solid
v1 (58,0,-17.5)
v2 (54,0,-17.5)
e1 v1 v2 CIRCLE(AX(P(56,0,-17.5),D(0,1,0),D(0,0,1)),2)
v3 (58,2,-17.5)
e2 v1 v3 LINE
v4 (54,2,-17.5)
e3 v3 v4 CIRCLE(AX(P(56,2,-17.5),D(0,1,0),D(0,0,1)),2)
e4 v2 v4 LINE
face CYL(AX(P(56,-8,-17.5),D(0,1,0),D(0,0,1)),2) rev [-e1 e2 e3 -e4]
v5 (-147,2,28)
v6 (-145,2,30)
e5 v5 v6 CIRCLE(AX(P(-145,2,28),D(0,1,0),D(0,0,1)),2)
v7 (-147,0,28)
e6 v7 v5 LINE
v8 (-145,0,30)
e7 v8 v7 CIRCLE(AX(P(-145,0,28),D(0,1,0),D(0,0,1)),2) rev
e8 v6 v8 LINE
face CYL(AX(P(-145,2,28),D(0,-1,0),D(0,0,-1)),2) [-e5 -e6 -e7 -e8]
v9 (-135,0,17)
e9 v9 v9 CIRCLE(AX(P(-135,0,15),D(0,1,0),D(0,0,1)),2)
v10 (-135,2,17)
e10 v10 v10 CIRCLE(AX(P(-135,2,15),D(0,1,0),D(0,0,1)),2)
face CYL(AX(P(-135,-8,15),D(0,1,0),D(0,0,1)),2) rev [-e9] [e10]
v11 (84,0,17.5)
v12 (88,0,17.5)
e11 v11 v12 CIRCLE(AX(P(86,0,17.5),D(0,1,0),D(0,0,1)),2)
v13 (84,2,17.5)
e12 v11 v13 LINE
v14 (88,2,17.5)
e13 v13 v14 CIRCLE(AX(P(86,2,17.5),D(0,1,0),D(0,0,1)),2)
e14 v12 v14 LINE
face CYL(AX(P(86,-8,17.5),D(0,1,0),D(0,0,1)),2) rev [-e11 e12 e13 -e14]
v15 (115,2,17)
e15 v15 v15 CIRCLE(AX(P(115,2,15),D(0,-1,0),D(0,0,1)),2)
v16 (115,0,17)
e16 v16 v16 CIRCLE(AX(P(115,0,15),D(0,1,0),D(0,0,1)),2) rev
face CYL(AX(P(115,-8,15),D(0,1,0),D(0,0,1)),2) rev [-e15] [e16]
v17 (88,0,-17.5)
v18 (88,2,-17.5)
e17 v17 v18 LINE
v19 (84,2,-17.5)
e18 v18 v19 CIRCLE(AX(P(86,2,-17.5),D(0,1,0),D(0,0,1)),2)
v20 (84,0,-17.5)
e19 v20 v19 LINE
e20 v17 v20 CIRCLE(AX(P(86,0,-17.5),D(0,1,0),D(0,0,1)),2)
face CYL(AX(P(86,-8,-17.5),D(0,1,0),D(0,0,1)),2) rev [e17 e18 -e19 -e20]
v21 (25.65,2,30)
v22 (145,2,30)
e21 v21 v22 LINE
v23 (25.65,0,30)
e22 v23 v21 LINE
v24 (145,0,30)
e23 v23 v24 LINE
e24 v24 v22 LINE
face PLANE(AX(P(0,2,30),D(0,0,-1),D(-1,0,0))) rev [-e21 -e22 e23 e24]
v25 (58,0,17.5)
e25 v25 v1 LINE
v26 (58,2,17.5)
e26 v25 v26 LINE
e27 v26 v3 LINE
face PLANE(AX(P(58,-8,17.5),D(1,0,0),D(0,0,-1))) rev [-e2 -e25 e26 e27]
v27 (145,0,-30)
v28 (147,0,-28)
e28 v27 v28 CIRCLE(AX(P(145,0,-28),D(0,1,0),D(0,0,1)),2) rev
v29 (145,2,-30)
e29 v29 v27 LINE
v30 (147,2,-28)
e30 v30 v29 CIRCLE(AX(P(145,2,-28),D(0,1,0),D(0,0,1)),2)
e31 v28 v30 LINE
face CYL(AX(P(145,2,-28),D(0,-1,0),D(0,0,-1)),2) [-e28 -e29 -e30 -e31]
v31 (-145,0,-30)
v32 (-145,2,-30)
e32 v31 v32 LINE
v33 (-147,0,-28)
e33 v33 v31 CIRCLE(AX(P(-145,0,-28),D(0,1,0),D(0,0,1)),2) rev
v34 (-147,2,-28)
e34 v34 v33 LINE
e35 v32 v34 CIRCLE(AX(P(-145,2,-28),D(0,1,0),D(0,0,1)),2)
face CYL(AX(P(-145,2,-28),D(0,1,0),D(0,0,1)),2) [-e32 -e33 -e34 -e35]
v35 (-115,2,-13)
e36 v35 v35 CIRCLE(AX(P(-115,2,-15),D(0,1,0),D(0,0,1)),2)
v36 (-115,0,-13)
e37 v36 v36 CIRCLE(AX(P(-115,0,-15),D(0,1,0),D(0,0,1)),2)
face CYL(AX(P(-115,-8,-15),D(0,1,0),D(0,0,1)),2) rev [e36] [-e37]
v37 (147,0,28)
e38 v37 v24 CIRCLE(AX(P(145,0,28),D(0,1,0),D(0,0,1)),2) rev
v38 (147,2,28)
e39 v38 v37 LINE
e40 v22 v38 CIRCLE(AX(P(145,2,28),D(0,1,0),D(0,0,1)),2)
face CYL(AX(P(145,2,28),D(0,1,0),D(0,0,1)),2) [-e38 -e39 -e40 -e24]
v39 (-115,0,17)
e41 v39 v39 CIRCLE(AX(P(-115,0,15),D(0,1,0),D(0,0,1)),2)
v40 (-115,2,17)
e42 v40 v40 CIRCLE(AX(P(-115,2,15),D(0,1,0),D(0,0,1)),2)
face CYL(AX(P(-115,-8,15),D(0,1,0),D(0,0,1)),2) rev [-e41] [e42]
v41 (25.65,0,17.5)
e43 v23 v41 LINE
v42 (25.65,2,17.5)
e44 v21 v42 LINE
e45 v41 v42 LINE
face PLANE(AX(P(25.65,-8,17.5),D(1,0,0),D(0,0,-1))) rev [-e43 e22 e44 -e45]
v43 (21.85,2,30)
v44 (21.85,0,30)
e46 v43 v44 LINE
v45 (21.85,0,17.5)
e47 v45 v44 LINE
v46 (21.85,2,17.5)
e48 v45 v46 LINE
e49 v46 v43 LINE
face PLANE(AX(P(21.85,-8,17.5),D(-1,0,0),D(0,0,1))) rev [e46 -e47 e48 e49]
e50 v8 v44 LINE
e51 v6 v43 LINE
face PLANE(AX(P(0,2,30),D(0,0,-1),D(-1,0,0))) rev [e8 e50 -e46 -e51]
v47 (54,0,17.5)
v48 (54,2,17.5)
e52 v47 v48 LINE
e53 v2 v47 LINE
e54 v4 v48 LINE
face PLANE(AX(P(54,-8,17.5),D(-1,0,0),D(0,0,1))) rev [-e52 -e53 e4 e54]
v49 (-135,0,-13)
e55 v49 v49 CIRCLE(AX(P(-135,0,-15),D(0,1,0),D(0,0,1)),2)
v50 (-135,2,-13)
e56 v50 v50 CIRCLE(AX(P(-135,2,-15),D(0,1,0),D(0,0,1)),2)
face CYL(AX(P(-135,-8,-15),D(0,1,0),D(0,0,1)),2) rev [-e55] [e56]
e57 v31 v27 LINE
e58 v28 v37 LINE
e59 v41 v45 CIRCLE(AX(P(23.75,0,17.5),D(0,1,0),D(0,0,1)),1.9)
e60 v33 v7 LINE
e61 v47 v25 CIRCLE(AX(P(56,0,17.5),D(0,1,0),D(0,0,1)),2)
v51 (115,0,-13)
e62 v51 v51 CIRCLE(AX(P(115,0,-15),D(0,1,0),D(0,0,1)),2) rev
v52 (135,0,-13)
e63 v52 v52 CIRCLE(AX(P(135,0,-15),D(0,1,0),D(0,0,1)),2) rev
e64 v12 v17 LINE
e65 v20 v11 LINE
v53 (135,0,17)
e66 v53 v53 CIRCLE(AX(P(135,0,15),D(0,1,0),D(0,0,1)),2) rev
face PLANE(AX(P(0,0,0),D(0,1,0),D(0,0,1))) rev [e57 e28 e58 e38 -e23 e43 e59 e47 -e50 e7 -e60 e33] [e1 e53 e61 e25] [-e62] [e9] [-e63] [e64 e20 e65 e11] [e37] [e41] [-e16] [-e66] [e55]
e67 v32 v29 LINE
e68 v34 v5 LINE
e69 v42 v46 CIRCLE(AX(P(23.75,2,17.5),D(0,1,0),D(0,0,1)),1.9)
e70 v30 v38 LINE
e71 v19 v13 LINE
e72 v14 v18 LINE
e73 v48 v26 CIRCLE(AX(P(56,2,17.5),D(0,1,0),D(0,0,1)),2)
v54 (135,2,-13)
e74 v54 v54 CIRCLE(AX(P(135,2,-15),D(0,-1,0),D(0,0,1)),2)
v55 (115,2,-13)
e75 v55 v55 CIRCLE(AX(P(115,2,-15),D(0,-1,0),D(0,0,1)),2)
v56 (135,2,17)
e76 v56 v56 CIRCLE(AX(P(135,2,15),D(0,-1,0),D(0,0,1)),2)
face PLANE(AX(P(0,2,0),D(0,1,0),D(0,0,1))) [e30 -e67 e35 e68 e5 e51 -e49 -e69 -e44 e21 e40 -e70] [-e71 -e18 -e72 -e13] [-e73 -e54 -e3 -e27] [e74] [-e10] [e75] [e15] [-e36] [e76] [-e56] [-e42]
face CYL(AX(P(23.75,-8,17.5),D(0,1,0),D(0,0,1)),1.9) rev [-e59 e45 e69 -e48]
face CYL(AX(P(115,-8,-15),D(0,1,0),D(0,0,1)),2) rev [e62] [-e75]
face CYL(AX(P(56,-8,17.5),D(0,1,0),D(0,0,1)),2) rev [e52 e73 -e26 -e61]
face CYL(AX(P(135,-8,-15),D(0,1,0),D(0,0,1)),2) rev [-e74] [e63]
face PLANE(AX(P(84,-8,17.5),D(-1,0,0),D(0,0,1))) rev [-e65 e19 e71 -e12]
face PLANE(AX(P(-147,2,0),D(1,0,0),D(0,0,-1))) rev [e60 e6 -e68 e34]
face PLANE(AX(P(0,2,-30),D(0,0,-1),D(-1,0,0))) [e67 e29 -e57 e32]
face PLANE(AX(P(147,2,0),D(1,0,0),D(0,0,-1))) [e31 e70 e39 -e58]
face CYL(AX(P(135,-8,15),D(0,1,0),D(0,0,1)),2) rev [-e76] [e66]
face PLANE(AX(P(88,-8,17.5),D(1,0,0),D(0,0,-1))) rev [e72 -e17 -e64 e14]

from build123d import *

# Parameters (mm, degrees)
SKETCH1_W           = 47
SKETCH1_H           = 60
SKETCH1_W_2         = 140
SKETCH1_H_2         = 140
BOSS_EXTRUDE1_DEPTH = 2
SKETCH2_R           = 2
CUT_EXTRUDE1_DEPTH  = 10
CUT_EXTRUDE3_DEPTH  = 10
FILLET1_R           = 2
SKETCH12_W          = 218.916263912
SKETCH12_H          = 42.811459275
SKETCH12_H_2        = 41.263513939
CUT_EXTRUDE4_DEPTH  = 10


with BuildPart() as part:
    # Sketch1 → Boss-Extrude1 (new body)
    with BuildSketch(Plane(origin=(0, 0, 0), x_dir=(1, 0, 0), z_dir=(0, 1, 0))):
        with Locations((-123.5, 0)):
            Rectangle(SKETCH1_W, SKETCH1_H)
        Polygon((-100, 30), (-100, -30), (-70, -70), (-70, 70), align=None)
        Rectangle(SKETCH1_W_2, SKETCH1_H_2)
        Polygon((100, 30), (100, -30), (70, -70), (70, 70), align=None)
        with Locations((123.5, 0)):
            Rectangle(SKETCH1_W, SKETCH1_H)
    extrude(amount=BOSS_EXTRUDE1_DEPTH)

    # Sketch2 → Cut-Extrude1 (cut)
    with BuildSketch(Plane(origin=(0, 2, 0), x_dir=(1, 0, 0), z_dir=(0, 1, 0))):
        with Locations(Location((-135, 15, 0), (0, 0, 270))):
            Circle(SKETCH2_R)
        with Locations(Location((-115, 15, 0), (0, 0, 270))):
            Circle(SKETCH2_R)
        with Locations(Location((-135, -15, 0), (0, 0, 270))):
            Circle(SKETCH2_R)
        with Locations(Location((-115, -15, 0), (0, 0, 270))):
            Circle(SKETCH2_R)
    cut_extrude1 = extrude(amount=-CUT_EXTRUDE1_DEPTH, mode=Mode.SUBTRACT)

    # Mirror1: Cut-Extrude1 across plane
    add(cut_extrude1.mirror(Plane(origin=(0, 0, 0), x_dir=(0, 0, 1), z_dir=(1, 0, 0))), mode=Mode.SUBTRACT)

    # Sketch11 → Cut-Extrude3 (cut)
    with BuildSketch(Plane(origin=(0, 2, 0), x_dir=(1, 0, 0), z_dir=(0, 1, 0))):
        with BuildLine():
            Line((58, -17.5), (58, 17.5))
            ThreePointArc((58, 17.5), (56, 19.5), (54, 17.5))
            Line((54, 17.5), (54, -17.5))
            ThreePointArc((54, -17.5), (56, -19.5), (58, -17.5))
        make_face()
        with BuildLine():
            Line((84, -17.5), (84, 17.5))
            ThreePointArc((84, 17.5), (86, 19.5), (88, 17.5))
            Line((88, 17.5), (88, -17.5))
            ThreePointArc((88, -17.5), (86, -19.5), (84, -17.5))
        make_face()
        with BuildLine():
            Line((21.85, -17.5), (21.85, -47.5))
            ThreePointArc((21.85, -47.5), (23.75, -49.4), (25.65, -47.5))
            Line((25.65, -47.5), (25.65, -17.5))
            ThreePointArc((25.65, -17.5), (23.75, -15.6), (21.85, -17.5))
        make_face()
    extrude(amount=-CUT_EXTRUDE3_DEPTH, mode=Mode.SUBTRACT)

    # Fillet1
    fillet1_edges = [part.edges().sort_by_distance(p)[0] for p in [
        (-147, 1, 30),
        (-147, 1, -30),
        (-100, 1, -30),
        (-70, 1, -70),
        (70, 1, -70),
        (100, 1, -30),
        (147, 1, -30),
        (147, 1, 30),
        (100, 1, 30),
        (70, 1, 70),
        (-70, 1, 70),
        (-100, 1, 30),
    ]]
    fillet(fillet1_edges, radius=FILLET1_R)

    # Sketch12 → Cut-Extrude4 (cut)
    with BuildSketch(Plane(origin=(0, 2, 0), x_dir=(1, 0, 0), z_dir=(0, 1, 0))):
        with Locations((-2.238018123, 51.405729638)):
            Rectangle(SKETCH12_W, SKETCH12_H)
        with Locations((-2.238018123, -50.63175697)):
            Rectangle(SKETCH12_W, SKETCH12_H_2)
    extrude(amount=-CUT_EXTRUDE4_DEPTH, mode=Mode.SUBTRACT)


solid = part.part
